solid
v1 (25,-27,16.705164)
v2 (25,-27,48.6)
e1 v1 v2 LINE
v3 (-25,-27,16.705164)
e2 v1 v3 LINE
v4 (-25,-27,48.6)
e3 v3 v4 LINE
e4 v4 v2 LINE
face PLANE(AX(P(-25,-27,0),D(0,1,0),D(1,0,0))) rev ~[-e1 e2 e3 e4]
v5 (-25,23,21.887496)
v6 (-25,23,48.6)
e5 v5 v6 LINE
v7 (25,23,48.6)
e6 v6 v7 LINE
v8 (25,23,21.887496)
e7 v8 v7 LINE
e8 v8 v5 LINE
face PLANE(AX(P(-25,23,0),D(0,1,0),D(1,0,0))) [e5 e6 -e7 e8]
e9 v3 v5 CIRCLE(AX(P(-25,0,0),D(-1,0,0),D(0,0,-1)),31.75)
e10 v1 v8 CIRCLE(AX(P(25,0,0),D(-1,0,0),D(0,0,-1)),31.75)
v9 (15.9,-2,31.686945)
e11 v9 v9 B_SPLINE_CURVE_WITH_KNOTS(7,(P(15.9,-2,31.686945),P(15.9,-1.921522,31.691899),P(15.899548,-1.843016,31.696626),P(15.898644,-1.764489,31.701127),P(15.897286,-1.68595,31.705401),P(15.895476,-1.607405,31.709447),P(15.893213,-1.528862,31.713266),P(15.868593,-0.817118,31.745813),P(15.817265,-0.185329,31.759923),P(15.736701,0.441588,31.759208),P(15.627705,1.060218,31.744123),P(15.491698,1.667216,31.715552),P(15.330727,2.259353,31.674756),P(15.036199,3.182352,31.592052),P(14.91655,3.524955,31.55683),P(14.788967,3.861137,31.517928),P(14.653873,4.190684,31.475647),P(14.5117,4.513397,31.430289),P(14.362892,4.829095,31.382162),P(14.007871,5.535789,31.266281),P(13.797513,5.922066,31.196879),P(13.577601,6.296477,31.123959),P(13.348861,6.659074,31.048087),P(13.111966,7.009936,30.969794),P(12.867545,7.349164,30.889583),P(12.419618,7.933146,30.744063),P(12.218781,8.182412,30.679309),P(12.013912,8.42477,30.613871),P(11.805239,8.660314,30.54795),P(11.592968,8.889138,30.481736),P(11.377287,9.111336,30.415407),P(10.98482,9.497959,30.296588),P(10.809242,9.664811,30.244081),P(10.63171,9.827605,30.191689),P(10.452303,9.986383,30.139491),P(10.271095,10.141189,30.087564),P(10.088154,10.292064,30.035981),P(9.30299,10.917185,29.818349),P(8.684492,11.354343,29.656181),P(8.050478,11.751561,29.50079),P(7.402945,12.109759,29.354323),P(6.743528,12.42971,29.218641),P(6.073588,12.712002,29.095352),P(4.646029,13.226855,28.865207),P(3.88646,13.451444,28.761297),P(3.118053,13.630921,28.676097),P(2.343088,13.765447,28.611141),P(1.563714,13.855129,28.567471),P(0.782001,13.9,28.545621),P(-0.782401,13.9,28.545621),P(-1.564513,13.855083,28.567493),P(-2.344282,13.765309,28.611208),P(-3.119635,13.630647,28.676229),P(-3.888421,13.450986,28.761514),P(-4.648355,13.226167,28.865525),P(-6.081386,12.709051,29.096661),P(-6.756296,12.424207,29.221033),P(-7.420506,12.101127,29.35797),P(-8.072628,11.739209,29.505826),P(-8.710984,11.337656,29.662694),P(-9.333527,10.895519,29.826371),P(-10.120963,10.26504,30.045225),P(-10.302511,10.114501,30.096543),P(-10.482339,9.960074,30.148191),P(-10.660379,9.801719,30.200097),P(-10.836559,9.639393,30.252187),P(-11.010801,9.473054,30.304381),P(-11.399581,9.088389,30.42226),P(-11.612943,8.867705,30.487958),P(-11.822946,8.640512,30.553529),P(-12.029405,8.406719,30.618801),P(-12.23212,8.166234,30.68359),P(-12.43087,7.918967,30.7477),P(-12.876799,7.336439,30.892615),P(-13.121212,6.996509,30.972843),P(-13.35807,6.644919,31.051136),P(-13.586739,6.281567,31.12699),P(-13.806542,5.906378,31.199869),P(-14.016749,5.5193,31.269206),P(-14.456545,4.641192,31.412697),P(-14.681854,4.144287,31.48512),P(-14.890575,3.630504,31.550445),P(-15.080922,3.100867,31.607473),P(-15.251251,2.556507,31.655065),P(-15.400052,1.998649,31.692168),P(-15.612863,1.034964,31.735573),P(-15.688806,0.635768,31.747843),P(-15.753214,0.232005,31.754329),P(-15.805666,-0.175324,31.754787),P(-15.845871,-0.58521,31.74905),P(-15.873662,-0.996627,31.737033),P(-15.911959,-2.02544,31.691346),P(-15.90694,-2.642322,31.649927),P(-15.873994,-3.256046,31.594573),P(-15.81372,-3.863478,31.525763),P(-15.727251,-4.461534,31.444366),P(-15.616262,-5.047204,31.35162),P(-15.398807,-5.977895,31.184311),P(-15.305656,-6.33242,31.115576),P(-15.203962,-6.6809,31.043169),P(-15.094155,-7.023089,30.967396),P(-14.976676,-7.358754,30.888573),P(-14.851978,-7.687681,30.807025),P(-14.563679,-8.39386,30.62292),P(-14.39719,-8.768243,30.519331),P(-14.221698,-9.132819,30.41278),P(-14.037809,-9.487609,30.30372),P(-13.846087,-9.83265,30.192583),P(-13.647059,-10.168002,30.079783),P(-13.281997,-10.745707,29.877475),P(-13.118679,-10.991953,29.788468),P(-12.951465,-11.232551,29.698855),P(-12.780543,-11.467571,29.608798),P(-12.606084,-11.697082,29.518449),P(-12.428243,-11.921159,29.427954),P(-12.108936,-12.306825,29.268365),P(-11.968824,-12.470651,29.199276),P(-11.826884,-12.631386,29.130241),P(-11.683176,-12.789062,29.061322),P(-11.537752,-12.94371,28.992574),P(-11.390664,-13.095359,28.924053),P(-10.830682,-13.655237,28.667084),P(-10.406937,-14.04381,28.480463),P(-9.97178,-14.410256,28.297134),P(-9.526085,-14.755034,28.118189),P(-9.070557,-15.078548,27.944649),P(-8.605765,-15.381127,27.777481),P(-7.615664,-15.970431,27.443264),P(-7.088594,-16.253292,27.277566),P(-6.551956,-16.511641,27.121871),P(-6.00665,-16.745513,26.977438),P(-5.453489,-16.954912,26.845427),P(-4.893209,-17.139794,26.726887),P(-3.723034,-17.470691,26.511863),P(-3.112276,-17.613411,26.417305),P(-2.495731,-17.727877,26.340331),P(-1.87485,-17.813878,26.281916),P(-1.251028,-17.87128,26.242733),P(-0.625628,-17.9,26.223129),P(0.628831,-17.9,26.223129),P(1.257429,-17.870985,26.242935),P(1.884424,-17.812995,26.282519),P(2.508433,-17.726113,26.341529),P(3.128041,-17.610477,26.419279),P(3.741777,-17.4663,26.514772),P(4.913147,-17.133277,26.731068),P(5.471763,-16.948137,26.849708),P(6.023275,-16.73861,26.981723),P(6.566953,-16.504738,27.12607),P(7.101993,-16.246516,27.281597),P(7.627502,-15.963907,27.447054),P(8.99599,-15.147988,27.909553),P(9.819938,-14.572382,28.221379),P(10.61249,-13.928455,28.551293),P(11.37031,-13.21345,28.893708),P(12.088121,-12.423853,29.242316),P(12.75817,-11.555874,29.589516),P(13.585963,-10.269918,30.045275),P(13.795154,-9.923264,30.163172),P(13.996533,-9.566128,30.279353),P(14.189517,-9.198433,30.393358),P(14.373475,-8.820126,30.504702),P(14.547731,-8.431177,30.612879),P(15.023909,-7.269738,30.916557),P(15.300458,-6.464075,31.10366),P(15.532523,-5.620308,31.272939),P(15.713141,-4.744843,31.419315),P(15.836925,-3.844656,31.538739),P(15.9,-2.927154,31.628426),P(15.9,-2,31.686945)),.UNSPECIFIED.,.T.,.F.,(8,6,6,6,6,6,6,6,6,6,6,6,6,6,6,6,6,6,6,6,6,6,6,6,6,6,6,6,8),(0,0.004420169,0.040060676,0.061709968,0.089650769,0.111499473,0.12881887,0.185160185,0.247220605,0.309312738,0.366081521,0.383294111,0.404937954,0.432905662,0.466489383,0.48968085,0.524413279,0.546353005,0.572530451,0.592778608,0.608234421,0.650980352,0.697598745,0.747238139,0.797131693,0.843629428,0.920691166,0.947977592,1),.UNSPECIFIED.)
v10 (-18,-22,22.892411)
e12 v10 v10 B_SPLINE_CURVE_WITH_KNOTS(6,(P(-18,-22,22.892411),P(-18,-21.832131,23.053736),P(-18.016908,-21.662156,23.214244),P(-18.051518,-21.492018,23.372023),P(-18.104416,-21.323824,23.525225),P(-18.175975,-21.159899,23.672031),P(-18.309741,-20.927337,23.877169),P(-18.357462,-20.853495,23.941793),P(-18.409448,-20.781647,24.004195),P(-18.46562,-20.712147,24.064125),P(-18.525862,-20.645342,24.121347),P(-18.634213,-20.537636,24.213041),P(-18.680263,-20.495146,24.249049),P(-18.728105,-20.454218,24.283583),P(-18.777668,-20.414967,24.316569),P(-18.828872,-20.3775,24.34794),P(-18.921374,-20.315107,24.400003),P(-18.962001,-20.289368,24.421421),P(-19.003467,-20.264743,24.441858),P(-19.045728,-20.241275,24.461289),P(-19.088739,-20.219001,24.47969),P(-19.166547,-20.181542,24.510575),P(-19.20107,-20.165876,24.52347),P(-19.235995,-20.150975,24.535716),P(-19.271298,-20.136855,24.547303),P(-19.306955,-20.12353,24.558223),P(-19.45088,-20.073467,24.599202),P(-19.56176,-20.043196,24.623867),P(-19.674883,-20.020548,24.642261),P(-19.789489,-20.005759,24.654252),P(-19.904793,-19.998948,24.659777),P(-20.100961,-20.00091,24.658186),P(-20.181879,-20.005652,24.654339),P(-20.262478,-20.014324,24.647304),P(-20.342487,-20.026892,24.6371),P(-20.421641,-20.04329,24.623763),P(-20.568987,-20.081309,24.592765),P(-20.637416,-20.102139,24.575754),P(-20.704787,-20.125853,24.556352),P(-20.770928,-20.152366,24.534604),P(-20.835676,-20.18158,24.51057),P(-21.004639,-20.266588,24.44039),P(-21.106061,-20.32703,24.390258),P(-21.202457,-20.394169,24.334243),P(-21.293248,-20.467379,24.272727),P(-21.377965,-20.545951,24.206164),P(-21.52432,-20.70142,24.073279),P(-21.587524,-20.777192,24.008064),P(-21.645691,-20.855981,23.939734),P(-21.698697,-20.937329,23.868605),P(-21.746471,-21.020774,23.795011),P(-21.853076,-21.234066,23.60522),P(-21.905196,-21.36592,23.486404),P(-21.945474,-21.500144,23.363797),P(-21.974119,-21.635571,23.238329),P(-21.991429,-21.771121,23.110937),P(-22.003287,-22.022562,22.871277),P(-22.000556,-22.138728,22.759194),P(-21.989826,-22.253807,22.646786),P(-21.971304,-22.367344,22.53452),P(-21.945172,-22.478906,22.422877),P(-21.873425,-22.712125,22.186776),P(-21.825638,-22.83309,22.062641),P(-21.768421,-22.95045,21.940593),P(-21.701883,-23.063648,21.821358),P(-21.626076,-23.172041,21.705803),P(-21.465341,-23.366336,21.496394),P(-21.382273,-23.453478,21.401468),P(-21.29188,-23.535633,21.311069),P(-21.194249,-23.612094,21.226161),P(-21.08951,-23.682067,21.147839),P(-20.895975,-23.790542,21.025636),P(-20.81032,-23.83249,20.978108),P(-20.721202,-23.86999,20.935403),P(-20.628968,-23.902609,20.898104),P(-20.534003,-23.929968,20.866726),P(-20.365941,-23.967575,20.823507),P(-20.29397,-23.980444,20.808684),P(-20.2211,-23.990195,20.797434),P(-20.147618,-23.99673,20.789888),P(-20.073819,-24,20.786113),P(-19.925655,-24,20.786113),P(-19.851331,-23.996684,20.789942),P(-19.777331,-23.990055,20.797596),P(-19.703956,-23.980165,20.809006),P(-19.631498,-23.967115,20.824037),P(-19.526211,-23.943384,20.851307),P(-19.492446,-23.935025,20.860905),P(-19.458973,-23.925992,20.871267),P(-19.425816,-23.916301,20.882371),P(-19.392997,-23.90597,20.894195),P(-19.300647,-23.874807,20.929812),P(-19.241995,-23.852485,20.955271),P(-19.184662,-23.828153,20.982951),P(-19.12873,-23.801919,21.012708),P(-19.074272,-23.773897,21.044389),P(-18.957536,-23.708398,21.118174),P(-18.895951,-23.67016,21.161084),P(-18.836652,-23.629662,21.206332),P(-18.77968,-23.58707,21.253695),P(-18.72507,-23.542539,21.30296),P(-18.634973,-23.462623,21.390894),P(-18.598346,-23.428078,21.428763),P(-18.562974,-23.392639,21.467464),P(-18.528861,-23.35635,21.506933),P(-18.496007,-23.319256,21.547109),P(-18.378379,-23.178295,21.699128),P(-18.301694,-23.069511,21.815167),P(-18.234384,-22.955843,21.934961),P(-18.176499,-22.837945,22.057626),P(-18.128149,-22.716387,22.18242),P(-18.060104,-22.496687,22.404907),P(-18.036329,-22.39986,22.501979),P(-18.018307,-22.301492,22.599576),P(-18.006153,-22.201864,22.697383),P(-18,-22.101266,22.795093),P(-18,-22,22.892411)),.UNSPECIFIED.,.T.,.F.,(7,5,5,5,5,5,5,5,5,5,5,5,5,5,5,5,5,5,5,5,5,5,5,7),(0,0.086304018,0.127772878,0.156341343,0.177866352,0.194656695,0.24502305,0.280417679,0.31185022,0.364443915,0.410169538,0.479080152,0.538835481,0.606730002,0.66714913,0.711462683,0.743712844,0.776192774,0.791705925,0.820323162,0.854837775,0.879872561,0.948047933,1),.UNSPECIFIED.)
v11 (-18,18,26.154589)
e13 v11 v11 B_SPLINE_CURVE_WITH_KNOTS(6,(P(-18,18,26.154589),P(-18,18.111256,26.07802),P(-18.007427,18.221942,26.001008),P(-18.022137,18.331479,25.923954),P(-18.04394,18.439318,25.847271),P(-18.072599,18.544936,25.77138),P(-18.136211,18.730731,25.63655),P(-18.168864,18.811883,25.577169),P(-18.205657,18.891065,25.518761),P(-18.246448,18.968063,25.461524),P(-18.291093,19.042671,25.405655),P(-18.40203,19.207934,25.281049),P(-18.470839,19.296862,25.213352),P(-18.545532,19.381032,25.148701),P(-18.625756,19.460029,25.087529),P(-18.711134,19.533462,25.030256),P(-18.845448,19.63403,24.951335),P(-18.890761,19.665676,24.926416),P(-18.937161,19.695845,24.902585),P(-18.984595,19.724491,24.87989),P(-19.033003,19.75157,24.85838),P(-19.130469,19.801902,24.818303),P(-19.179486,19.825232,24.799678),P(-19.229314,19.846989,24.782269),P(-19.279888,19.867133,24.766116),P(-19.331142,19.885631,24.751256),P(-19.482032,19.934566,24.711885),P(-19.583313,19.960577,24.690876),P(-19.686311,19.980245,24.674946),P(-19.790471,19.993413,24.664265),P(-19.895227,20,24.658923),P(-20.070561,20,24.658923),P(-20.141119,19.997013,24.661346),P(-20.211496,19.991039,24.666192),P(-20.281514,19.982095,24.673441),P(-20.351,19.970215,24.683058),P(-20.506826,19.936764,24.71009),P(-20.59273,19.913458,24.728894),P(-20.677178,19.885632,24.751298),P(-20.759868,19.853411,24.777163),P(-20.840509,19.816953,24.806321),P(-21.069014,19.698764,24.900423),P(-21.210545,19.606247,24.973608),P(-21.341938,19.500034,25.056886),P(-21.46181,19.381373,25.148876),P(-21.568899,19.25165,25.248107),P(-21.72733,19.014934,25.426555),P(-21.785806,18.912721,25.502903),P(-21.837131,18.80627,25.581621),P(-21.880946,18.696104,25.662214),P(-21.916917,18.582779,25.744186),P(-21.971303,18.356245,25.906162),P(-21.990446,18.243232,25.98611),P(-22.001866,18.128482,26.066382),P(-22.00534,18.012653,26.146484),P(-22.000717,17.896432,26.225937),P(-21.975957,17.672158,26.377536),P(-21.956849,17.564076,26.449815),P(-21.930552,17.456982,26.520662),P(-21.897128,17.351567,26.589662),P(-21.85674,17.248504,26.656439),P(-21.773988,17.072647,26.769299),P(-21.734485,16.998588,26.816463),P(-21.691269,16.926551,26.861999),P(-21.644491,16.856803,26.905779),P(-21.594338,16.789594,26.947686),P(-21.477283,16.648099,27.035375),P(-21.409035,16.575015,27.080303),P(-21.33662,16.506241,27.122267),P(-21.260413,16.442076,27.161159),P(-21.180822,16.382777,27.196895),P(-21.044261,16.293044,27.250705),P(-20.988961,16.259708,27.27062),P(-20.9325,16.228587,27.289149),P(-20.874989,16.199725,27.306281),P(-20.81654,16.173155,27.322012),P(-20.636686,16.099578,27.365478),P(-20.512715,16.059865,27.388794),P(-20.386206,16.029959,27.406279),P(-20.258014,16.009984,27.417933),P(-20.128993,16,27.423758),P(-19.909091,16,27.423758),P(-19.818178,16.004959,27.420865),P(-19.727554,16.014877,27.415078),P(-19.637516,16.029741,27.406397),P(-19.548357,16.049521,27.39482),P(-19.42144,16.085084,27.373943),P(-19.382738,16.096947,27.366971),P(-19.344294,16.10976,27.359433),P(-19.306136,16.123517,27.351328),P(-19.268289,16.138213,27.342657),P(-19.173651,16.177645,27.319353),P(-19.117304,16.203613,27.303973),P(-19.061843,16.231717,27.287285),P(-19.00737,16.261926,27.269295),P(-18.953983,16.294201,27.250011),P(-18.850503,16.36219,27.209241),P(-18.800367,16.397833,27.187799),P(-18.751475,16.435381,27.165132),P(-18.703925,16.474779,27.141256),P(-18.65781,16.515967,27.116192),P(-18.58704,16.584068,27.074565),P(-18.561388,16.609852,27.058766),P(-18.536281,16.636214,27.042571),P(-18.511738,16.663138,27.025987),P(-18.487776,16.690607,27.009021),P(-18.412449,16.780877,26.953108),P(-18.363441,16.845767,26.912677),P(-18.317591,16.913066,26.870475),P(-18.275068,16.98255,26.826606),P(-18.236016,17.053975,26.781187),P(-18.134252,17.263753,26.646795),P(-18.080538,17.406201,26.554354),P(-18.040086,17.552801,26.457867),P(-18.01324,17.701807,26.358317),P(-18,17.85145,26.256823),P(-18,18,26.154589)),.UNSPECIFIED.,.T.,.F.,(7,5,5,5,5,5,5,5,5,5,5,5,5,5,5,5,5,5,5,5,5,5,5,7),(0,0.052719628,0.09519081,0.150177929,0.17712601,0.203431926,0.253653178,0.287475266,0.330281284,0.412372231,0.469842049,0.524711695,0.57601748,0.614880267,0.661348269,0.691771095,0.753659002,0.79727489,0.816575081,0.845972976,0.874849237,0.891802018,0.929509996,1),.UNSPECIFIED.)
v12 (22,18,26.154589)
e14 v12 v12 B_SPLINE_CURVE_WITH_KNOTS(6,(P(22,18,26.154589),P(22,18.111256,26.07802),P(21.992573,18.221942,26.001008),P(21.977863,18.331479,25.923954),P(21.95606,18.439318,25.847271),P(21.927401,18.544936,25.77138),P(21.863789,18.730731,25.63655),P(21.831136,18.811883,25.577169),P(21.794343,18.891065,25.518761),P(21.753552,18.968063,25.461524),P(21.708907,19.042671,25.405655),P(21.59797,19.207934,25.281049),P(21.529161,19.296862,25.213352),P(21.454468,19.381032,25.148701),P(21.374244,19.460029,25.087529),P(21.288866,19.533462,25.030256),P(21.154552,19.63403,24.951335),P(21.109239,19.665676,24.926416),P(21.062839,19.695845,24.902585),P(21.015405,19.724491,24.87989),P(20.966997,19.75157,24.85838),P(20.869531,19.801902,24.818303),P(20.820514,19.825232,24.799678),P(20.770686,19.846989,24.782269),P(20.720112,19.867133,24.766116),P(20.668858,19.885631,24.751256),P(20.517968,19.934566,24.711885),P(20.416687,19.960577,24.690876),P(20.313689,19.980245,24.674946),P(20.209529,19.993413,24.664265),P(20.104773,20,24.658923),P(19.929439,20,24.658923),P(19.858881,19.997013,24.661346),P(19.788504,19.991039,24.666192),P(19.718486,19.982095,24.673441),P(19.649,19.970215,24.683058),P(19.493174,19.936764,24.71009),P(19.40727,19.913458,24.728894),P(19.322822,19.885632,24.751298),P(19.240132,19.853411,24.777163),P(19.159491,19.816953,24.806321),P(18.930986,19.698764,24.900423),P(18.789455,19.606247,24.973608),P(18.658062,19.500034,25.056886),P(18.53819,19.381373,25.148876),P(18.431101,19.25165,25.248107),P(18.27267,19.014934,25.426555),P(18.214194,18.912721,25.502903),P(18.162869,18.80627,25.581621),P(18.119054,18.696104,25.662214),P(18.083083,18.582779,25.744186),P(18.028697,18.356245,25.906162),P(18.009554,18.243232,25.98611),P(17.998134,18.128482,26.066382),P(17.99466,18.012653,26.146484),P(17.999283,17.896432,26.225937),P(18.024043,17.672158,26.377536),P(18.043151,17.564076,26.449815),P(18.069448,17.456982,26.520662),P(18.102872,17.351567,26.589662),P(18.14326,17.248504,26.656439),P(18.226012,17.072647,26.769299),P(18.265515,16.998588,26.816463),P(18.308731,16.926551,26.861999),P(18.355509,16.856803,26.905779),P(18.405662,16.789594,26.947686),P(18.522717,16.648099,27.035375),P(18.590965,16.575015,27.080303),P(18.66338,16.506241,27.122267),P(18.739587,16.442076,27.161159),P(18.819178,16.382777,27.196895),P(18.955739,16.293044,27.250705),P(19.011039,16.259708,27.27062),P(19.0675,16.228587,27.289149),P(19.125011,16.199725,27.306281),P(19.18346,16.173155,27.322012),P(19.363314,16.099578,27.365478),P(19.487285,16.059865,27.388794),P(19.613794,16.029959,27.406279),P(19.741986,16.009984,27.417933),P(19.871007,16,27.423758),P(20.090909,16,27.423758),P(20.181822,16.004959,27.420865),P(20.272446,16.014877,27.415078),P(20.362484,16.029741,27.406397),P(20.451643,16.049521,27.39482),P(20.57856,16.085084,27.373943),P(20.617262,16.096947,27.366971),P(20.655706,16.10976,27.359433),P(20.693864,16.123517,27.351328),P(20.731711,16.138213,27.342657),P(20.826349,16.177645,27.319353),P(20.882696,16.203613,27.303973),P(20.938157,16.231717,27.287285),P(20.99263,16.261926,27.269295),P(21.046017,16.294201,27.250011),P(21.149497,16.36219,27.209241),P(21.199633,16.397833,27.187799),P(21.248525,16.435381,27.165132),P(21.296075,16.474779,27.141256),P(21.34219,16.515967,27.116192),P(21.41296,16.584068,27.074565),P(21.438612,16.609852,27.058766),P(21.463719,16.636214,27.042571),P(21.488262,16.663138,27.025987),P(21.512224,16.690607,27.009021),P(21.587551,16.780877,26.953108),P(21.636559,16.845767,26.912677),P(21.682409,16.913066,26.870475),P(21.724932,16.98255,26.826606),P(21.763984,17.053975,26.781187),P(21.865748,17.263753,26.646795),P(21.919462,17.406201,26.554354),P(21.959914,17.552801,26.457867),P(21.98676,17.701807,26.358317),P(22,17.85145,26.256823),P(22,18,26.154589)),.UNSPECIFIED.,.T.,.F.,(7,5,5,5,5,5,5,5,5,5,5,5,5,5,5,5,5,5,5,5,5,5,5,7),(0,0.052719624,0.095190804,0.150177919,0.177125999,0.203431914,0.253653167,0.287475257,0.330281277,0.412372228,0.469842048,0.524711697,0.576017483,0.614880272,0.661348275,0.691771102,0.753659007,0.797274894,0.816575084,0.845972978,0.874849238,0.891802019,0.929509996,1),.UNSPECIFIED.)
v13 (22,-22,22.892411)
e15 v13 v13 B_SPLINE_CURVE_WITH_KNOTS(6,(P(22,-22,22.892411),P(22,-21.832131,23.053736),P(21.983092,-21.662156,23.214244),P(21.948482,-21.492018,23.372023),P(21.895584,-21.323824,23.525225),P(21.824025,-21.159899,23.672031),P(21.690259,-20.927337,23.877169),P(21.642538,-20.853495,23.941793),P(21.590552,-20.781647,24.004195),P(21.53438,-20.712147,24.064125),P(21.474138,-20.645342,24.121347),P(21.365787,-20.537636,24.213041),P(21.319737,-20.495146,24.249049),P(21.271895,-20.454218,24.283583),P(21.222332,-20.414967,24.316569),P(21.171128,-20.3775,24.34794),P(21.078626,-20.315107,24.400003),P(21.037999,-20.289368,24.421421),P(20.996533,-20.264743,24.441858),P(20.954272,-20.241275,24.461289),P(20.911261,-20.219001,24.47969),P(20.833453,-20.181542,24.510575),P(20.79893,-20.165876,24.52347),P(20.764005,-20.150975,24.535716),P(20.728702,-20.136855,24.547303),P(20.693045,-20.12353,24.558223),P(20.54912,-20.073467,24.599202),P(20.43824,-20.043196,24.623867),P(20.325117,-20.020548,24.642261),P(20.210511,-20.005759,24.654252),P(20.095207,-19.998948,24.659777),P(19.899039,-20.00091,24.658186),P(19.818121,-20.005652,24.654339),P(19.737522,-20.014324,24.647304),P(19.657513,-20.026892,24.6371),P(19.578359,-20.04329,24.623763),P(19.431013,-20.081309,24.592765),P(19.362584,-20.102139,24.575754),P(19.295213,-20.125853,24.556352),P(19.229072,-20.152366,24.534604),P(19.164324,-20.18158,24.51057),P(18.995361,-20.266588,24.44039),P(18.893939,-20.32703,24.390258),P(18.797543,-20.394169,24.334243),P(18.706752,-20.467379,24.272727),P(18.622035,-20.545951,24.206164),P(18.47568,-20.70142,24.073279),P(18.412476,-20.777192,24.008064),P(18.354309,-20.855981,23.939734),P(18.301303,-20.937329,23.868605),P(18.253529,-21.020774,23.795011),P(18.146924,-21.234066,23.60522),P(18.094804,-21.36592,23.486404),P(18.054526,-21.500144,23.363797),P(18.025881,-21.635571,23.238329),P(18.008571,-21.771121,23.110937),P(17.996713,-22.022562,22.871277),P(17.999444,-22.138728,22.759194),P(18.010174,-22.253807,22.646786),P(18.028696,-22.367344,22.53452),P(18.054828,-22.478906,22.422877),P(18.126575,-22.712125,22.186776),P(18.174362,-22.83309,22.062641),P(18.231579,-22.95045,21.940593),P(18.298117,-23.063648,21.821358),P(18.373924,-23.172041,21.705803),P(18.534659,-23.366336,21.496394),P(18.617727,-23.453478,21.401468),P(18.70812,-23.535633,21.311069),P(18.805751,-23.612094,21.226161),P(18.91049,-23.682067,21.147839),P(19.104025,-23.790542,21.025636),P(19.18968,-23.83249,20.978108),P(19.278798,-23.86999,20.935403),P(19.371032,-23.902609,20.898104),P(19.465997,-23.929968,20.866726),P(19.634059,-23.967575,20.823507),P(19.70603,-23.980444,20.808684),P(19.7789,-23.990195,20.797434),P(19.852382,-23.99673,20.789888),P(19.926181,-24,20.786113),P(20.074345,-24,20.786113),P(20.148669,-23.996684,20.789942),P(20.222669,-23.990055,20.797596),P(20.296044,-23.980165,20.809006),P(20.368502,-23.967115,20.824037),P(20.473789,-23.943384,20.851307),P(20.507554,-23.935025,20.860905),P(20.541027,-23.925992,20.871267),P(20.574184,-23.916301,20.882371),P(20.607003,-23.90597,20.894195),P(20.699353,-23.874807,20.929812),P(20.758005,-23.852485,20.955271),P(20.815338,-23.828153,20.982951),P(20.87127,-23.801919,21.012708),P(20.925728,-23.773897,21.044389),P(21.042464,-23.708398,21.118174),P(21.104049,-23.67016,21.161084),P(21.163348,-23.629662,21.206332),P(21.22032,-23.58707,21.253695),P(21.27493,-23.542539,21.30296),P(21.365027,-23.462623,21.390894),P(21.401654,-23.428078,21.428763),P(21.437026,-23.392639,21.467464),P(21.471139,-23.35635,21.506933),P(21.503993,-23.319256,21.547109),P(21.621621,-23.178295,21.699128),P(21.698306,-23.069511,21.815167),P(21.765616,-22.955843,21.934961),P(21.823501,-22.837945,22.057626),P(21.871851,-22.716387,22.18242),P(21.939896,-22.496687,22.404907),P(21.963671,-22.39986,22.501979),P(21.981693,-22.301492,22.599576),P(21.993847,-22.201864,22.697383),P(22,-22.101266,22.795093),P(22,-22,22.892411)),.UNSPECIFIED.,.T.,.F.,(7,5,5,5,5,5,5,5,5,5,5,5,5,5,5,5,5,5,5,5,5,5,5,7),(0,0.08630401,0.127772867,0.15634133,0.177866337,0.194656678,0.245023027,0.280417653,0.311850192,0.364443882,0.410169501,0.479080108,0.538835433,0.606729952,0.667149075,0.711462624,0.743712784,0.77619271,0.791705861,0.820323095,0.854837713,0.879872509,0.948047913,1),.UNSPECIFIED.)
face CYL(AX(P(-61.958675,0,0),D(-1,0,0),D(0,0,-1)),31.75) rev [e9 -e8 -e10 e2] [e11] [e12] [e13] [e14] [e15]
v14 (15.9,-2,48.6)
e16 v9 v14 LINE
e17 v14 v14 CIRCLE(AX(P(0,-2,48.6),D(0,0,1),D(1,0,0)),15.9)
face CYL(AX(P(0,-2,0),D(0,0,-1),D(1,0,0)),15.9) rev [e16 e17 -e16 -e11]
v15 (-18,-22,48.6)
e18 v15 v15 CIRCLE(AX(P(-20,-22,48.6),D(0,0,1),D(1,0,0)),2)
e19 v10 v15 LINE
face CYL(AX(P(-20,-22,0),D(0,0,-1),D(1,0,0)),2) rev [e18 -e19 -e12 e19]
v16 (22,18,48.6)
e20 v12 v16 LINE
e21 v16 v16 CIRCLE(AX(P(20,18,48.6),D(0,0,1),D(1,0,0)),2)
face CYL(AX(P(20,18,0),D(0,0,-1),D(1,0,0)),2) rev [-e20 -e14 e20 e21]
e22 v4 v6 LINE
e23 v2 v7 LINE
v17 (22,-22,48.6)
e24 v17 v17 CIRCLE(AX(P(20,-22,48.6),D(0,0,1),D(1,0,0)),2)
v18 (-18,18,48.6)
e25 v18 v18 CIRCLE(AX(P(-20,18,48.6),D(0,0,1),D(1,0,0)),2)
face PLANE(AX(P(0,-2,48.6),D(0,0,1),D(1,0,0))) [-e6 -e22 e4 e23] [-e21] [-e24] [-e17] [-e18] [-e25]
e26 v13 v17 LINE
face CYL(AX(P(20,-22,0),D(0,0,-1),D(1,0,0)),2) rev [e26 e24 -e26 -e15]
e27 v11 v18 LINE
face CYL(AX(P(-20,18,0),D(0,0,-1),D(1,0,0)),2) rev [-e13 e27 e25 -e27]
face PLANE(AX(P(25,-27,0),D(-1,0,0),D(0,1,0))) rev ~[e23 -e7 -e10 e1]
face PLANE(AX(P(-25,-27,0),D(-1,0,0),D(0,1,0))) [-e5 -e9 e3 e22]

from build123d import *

# Parameters (mm, degrees)
SKETCH1_W               = 50
SKETCH1_H               = 50
SKETCH1_R               = 15.9
SKETCH1_R_2             = 2
BOSS_EXTRUDE1_DEPTH     = 48.6
CUT_EXTRUDE1_DEPTH      = 61.958674526
CUT_EXTRUDE1_DEPTH_BACK = 61.958674526
SKETCH2_R               = 31.75


with BuildPart() as part:
    # Sketch1 → Boss-Extrude1 (new body)
    with BuildSketch(Plane.XY):
        with Locations((0, -2)):
            Rectangle(SKETCH1_W, SKETCH1_H)
        with Locations((0, -2)):
            Circle(SKETCH1_R, mode=Mode.SUBTRACT)
        with Locations((-20, 18)):
            Circle(SKETCH1_R_2, mode=Mode.SUBTRACT)
        with Locations((20, 18)):
            Circle(SKETCH1_R_2, mode=Mode.SUBTRACT)
        with Locations((20, -22)):
            Circle(SKETCH1_R_2, mode=Mode.SUBTRACT)
        with Locations((-20, -22)):
            Circle(SKETCH1_R_2, mode=Mode.SUBTRACT)
    extrude(amount=BOSS_EXTRUDE1_DEPTH)

    # Sketch2 → Cut-Extrude1 (cut, two sides: drawn at the far end of the back side and taken through both)
    with BuildSketch(Plane(origin=(0, 0, 0), x_dir=(0, 0, -1), z_dir=(1, 0, 0)).offset(-CUT_EXTRUDE1_DEPTH_BACK)):
        Circle(SKETCH2_R)
    extrude(amount=CUT_EXTRUDE1_DEPTH + CUT_EXTRUDE1_DEPTH_BACK, mode=Mode.SUBTRACT)


solid = part.part
